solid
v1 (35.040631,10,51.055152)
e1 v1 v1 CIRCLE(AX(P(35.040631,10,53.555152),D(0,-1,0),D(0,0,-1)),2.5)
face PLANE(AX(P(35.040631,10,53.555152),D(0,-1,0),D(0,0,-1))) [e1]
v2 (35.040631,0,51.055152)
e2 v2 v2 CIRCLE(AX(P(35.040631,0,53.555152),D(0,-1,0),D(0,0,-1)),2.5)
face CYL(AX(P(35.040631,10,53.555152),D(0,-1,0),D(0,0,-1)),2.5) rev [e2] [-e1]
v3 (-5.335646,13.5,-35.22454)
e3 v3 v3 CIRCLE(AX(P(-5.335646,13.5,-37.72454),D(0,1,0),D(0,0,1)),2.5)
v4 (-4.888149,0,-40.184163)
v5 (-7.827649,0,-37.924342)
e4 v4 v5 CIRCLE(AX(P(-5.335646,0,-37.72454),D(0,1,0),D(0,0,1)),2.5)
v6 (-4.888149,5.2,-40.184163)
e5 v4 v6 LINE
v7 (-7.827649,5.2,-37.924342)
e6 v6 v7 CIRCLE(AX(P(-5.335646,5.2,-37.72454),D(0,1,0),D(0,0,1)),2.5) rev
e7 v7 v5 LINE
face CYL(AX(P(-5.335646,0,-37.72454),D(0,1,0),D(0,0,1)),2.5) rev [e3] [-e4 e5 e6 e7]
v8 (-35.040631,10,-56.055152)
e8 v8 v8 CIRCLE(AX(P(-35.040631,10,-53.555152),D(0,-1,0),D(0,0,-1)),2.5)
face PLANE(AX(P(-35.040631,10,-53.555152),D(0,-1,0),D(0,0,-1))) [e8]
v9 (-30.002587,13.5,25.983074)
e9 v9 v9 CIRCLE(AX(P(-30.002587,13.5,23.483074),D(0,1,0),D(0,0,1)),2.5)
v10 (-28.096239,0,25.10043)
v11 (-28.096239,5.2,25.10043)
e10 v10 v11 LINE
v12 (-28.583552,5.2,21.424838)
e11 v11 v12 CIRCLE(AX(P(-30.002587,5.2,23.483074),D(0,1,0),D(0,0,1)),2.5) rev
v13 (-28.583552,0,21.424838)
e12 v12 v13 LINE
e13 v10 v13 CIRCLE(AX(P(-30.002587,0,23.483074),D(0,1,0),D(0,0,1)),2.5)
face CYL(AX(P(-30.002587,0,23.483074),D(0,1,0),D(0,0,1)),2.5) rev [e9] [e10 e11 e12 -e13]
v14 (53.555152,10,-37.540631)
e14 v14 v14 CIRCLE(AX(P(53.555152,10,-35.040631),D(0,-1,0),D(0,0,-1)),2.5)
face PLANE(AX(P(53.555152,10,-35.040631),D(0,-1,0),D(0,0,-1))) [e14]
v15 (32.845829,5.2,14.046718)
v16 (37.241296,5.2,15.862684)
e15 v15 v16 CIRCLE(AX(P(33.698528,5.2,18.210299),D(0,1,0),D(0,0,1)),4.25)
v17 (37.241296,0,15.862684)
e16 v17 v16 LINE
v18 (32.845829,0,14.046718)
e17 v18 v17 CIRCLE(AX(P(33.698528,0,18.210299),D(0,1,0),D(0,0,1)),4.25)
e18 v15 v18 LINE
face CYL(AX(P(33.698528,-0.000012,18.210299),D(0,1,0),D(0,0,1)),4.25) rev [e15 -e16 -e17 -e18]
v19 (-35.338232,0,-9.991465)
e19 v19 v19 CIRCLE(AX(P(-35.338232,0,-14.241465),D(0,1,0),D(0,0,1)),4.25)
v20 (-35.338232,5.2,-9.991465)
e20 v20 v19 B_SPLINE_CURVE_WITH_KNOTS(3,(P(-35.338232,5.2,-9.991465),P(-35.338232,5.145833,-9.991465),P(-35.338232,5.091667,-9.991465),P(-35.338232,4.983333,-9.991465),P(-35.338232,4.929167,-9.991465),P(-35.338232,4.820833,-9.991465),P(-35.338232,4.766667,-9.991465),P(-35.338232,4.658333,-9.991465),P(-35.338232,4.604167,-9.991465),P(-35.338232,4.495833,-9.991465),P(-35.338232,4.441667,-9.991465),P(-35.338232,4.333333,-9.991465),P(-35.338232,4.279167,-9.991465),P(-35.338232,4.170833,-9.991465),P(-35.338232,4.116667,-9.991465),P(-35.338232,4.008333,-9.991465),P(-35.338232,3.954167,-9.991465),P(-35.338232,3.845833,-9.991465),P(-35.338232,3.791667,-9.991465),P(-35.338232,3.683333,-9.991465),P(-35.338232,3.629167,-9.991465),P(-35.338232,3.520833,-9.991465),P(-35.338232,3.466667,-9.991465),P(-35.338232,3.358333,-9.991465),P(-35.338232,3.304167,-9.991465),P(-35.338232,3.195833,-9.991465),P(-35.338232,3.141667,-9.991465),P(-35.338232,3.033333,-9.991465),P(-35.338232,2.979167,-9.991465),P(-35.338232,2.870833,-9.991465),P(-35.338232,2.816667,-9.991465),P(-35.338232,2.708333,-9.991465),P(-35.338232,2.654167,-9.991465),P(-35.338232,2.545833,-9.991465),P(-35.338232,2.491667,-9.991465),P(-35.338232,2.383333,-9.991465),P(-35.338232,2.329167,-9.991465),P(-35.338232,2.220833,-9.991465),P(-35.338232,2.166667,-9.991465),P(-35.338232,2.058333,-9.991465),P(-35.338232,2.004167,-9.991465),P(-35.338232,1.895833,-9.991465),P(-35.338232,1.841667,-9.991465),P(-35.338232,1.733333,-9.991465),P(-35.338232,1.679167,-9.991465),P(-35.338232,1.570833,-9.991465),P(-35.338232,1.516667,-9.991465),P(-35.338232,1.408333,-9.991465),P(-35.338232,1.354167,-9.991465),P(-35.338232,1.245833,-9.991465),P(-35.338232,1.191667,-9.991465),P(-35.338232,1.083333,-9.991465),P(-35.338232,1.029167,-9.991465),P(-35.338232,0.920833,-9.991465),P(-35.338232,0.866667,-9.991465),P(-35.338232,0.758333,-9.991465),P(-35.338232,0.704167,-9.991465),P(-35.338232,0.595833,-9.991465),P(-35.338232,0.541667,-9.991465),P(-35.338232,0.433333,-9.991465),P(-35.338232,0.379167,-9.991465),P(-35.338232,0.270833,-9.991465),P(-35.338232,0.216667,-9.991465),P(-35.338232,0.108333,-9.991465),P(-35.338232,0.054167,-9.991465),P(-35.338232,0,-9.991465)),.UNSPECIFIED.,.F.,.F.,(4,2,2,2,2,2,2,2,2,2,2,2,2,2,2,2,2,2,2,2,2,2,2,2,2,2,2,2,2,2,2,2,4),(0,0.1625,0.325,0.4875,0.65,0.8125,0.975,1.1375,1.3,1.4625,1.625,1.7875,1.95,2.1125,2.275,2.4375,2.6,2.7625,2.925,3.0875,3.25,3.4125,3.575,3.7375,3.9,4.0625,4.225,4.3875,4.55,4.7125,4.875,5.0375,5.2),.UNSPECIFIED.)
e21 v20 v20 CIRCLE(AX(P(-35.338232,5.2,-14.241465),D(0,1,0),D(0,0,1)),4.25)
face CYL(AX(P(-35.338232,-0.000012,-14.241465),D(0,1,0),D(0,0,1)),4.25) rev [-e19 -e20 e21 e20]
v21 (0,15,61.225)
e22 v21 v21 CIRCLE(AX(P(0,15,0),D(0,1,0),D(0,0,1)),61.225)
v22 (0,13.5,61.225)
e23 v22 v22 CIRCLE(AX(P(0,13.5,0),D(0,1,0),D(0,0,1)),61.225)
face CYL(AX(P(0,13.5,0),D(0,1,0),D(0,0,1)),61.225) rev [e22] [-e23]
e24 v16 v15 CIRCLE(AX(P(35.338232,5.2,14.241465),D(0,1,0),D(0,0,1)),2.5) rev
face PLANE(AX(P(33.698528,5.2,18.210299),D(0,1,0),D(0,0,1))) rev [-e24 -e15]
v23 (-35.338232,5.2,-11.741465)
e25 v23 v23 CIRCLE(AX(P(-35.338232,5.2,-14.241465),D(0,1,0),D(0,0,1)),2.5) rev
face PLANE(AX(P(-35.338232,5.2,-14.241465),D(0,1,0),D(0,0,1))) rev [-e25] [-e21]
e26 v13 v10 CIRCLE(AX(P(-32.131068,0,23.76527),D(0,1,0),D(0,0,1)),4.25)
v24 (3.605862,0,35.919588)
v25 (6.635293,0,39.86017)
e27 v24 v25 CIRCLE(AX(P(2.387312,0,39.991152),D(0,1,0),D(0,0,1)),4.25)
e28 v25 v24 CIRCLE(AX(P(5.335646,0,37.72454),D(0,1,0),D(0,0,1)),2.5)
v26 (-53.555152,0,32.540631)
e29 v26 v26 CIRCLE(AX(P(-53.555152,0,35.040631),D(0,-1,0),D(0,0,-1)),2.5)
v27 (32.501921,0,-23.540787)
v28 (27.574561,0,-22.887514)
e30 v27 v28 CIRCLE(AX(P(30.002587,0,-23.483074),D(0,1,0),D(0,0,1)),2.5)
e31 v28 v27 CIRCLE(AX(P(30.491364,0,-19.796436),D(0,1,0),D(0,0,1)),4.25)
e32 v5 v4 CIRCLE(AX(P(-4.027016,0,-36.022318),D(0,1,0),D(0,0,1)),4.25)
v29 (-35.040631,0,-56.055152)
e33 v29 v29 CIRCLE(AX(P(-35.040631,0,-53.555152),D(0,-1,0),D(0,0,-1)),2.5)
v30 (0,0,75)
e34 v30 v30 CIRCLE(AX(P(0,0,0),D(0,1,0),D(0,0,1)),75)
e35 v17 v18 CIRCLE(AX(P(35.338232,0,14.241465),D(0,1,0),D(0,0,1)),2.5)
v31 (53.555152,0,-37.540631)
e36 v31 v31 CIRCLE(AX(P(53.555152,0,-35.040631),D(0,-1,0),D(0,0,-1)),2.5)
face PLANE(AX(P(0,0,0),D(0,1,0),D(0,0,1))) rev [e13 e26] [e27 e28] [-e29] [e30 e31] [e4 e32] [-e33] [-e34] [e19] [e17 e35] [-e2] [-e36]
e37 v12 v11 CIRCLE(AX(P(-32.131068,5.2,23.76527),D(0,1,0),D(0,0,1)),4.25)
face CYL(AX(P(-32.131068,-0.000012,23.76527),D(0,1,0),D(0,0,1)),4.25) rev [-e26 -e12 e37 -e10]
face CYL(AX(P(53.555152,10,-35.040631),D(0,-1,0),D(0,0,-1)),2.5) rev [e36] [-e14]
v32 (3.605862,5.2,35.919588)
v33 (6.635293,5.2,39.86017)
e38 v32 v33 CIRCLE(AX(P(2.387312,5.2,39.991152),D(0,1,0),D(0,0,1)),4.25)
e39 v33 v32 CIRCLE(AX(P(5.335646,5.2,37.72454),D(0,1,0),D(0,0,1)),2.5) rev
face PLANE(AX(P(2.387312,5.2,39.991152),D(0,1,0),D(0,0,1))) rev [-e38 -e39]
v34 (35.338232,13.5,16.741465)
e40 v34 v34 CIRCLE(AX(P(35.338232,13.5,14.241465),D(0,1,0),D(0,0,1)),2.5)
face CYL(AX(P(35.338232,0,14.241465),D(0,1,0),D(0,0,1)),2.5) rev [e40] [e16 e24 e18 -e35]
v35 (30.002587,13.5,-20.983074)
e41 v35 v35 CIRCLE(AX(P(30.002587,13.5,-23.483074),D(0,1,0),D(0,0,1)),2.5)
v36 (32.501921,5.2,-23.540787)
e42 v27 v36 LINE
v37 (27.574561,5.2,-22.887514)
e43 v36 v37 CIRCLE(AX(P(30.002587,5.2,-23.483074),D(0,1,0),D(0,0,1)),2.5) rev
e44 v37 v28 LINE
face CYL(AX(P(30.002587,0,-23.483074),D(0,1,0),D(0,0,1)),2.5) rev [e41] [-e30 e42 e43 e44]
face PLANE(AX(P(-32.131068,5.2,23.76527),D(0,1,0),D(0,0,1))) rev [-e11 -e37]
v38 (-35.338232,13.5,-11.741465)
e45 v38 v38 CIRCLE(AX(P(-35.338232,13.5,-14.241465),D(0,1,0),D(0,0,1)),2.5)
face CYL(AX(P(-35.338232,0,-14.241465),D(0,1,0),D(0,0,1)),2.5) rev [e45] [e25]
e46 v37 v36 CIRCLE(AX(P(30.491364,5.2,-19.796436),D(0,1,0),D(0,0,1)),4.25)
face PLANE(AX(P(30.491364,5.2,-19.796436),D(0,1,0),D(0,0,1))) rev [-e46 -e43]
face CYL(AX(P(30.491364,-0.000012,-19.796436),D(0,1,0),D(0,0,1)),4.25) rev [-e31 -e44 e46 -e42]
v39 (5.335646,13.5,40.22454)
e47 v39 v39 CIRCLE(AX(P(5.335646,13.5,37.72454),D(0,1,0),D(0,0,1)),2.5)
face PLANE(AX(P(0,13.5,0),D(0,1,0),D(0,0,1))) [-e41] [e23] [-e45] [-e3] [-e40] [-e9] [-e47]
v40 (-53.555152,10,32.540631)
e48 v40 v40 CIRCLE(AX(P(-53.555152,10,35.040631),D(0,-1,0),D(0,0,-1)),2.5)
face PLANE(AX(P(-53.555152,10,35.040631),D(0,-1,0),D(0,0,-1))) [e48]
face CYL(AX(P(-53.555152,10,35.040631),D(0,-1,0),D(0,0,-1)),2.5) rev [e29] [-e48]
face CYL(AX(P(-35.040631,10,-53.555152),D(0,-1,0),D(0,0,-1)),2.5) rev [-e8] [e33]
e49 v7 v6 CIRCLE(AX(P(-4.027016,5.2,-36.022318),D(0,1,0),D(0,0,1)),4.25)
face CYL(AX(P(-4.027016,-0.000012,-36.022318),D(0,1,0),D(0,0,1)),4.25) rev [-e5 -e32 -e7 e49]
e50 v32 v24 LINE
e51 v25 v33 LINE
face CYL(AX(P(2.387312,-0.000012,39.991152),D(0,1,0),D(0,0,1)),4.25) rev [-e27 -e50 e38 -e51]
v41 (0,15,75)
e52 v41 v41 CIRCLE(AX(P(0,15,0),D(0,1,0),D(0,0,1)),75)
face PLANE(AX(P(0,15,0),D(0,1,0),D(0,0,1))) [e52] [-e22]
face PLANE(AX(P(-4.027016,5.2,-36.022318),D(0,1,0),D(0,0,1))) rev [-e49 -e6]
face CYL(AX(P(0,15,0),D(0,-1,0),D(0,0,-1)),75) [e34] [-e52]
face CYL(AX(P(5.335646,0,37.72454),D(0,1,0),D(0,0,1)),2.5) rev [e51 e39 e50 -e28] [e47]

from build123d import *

# Parameters (mm, degrees)
CROQUIS1_R                 = 75
CROQUIS1_R_2               = 61.225
SALIENTE_EXTRUIR1_DEPTH    = 15
CORTAR_EXTRUIR3_START      = 15
CROQUIS1_4_OUTSIDE_W       = 194.532
CROQUIS1_4_OUTSIDE_H       = 194.532
CROQUIS1_4_OUTSIDE_R       = 75
CROQUIS1_4_OUTSIDE_R_2     = 61.225
CORTAR_EXTRUIR3_DEPTH      = 1.5
CORTAR_EXTRUIR5_DEPTH      = 107.921700323
CORTAR_EXTRUIR5_DEPTH_BACK = 107.921700323
CROQUIS2_R                 = 2.5
CORTAR_EXTRUIR6_DEPTH      = 5.2
CORTAR_EXTRUIR6_DEPTH_BACK = 107.921700323
CORTAR_EXTRUIR6_START      = -13.5
CROQUIS2_4_R               = 4.25
CROQUIS3_R                 = 2.5
CORTAR_EXTRUIR7_DEPTH      = 10


with BuildPart() as part:
    # Croquis1 → Saliente-Extruir1 (new body)
    # profile 1 of 2: a face of its own
    with BuildSketch(Plane(origin=(0, 0, 0), x_dir=(1, 0, 0), z_dir=(0, 1, 0))):
        with Locations(Location((0, 0, 0), (0, 0, 270))):
            Circle(CROQUIS1_R)
        Circle(CROQUIS1_R_2, mode=Mode.SUBTRACT)
    # profile 2 of 2: a face of its own
    with BuildSketch(Plane(origin=(0, 0, 0), x_dir=(1, 0, 0), z_dir=(0, 1, 0))):
        Circle(CROQUIS1_R_2)
    extrude(amount=SALIENTE_EXTRUIR1_DEPTH)

    # Croquis1<4> outside → Cortar-Extruir3 (cut)
    # profile 1 of 2: a face of its own
    with BuildSketch(Plane(origin=(0, 0, 0), x_dir=(1, 0, 0), z_dir=(0, 1, 0)).offset(CORTAR_EXTRUIR3_START)):
        Rectangle(CROQUIS1_4_OUTSIDE_W, CROQUIS1_4_OUTSIDE_H)
        with Locations(Location((0, 0, 0), (0, 0, 270))):
            Circle(CROQUIS1_4_OUTSIDE_R, mode=Mode.SUBTRACT)
    # profile 2 of 2: a face of its own
    with BuildSketch(Plane(origin=(0, 0, 0), x_dir=(1, 0, 0), z_dir=(0, 1, 0)).offset(CORTAR_EXTRUIR3_START)):
        with Locations(Location((0, 0, 0), (0, 0, 270))):
            Circle(CROQUIS1_4_OUTSIDE_R_2)
    extrude(amount=-CORTAR_EXTRUIR3_DEPTH, mode=Mode.SUBTRACT)

    # Croquis2 → Cortar-Extruir5 (cut, two sides: drawn at the far end of the back side and taken through both)
    with BuildSketch(Plane(origin=(0, 13.5, 0), x_dir=(1, 0, 0), z_dir=(0, 1, 0)).offset(-CORTAR_EXTRUIR5_DEPTH_BACK)):
        with Locations(Location((-35.338232438, 14.241465098, 0), (0, 0, 270))):
            Circle(CROQUIS2_R)
        with Locations(Location((-5.335645657, 37.724539565, 0), (0, 0, 270))):
            Circle(CROQUIS2_R)
        with Locations(Location((30.002586781, 23.483074467, 0), (0, 0, 270))):
            Circle(CROQUIS2_R)
        with Locations(Location((35.338232438, -14.241465098, 0), (0, 0, 270))):
            Circle(CROQUIS2_R)
        with Locations(Location((5.335645657, -37.724539565, 0), (0, 0, 270))):
            Circle(CROQUIS2_R)
        with Locations(Location((-30.002586781, -23.483074467, 0), (0, 0, 270))):
            Circle(CROQUIS2_R)
    extrude(amount=CORTAR_EXTRUIR5_DEPTH + CORTAR_EXTRUIR5_DEPTH_BACK, mode=Mode.SUBTRACT)

    # Croquis2<4> → Cortar-Extruir6 (cut, two sides: drawn at the far end of the back side and taken through both)
    with BuildSketch(Plane(origin=(0, 13.5, 0), x_dir=(1, 0, 0), z_dir=(0, 1, 0)).offset(CORTAR_EXTRUIR6_START - CORTAR_EXTRUIR6_DEPTH_BACK)):
        with Locations(Location((-35.338232438, 14.241465098, 0), (0, 0, 270))):
            Circle(CROQUIS2_4_R)
        with Locations((-4.027016235, 36.022318165)):
            Circle(CROQUIS2_4_R)
        with Locations((30.491363939, 19.796436043)):
            Circle(CROQUIS2_4_R)
        with Locations((33.698527909, -18.210299146)):
            Circle(CROQUIS2_4_R)
        with Locations((2.387311706, -39.991152213)):
            Circle(CROQUIS2_4_R)
        with Locations((-32.131068468, -23.765270091)):
            Circle(CROQUIS2_4_R)
    extrude(amount=CORTAR_EXTRUIR6_DEPTH + CORTAR_EXTRUIR6_DEPTH_BACK, mode=Mode.SUBTRACT)

    # Croquis3 → Cortar-Extruir7 (cut)
    with BuildSketch(Plane.XZ):
        with Locations(Location((35.040630993, 53.555151962, 0), (0, 0, 270))):
            Circle(CROQUIS3_R)
        with Locations(Location((-53.555151962, 35.040630993, 0), (0, 0, 270))):
            Circle(CROQUIS3_R)
        with Locations(Location((53.555151962, -35.040630993, 0), (0, 0, 270))):
            Circle(CROQUIS3_R)
        with Locations(Location((-35.040630993, -53.555151962, 0), (0, 0, 270))):
            Circle(CROQUIS3_R)
    extrude(amount=-CORTAR_EXTRUIR7_DEPTH, mode=Mode.SUBTRACT)


solid = part.part
